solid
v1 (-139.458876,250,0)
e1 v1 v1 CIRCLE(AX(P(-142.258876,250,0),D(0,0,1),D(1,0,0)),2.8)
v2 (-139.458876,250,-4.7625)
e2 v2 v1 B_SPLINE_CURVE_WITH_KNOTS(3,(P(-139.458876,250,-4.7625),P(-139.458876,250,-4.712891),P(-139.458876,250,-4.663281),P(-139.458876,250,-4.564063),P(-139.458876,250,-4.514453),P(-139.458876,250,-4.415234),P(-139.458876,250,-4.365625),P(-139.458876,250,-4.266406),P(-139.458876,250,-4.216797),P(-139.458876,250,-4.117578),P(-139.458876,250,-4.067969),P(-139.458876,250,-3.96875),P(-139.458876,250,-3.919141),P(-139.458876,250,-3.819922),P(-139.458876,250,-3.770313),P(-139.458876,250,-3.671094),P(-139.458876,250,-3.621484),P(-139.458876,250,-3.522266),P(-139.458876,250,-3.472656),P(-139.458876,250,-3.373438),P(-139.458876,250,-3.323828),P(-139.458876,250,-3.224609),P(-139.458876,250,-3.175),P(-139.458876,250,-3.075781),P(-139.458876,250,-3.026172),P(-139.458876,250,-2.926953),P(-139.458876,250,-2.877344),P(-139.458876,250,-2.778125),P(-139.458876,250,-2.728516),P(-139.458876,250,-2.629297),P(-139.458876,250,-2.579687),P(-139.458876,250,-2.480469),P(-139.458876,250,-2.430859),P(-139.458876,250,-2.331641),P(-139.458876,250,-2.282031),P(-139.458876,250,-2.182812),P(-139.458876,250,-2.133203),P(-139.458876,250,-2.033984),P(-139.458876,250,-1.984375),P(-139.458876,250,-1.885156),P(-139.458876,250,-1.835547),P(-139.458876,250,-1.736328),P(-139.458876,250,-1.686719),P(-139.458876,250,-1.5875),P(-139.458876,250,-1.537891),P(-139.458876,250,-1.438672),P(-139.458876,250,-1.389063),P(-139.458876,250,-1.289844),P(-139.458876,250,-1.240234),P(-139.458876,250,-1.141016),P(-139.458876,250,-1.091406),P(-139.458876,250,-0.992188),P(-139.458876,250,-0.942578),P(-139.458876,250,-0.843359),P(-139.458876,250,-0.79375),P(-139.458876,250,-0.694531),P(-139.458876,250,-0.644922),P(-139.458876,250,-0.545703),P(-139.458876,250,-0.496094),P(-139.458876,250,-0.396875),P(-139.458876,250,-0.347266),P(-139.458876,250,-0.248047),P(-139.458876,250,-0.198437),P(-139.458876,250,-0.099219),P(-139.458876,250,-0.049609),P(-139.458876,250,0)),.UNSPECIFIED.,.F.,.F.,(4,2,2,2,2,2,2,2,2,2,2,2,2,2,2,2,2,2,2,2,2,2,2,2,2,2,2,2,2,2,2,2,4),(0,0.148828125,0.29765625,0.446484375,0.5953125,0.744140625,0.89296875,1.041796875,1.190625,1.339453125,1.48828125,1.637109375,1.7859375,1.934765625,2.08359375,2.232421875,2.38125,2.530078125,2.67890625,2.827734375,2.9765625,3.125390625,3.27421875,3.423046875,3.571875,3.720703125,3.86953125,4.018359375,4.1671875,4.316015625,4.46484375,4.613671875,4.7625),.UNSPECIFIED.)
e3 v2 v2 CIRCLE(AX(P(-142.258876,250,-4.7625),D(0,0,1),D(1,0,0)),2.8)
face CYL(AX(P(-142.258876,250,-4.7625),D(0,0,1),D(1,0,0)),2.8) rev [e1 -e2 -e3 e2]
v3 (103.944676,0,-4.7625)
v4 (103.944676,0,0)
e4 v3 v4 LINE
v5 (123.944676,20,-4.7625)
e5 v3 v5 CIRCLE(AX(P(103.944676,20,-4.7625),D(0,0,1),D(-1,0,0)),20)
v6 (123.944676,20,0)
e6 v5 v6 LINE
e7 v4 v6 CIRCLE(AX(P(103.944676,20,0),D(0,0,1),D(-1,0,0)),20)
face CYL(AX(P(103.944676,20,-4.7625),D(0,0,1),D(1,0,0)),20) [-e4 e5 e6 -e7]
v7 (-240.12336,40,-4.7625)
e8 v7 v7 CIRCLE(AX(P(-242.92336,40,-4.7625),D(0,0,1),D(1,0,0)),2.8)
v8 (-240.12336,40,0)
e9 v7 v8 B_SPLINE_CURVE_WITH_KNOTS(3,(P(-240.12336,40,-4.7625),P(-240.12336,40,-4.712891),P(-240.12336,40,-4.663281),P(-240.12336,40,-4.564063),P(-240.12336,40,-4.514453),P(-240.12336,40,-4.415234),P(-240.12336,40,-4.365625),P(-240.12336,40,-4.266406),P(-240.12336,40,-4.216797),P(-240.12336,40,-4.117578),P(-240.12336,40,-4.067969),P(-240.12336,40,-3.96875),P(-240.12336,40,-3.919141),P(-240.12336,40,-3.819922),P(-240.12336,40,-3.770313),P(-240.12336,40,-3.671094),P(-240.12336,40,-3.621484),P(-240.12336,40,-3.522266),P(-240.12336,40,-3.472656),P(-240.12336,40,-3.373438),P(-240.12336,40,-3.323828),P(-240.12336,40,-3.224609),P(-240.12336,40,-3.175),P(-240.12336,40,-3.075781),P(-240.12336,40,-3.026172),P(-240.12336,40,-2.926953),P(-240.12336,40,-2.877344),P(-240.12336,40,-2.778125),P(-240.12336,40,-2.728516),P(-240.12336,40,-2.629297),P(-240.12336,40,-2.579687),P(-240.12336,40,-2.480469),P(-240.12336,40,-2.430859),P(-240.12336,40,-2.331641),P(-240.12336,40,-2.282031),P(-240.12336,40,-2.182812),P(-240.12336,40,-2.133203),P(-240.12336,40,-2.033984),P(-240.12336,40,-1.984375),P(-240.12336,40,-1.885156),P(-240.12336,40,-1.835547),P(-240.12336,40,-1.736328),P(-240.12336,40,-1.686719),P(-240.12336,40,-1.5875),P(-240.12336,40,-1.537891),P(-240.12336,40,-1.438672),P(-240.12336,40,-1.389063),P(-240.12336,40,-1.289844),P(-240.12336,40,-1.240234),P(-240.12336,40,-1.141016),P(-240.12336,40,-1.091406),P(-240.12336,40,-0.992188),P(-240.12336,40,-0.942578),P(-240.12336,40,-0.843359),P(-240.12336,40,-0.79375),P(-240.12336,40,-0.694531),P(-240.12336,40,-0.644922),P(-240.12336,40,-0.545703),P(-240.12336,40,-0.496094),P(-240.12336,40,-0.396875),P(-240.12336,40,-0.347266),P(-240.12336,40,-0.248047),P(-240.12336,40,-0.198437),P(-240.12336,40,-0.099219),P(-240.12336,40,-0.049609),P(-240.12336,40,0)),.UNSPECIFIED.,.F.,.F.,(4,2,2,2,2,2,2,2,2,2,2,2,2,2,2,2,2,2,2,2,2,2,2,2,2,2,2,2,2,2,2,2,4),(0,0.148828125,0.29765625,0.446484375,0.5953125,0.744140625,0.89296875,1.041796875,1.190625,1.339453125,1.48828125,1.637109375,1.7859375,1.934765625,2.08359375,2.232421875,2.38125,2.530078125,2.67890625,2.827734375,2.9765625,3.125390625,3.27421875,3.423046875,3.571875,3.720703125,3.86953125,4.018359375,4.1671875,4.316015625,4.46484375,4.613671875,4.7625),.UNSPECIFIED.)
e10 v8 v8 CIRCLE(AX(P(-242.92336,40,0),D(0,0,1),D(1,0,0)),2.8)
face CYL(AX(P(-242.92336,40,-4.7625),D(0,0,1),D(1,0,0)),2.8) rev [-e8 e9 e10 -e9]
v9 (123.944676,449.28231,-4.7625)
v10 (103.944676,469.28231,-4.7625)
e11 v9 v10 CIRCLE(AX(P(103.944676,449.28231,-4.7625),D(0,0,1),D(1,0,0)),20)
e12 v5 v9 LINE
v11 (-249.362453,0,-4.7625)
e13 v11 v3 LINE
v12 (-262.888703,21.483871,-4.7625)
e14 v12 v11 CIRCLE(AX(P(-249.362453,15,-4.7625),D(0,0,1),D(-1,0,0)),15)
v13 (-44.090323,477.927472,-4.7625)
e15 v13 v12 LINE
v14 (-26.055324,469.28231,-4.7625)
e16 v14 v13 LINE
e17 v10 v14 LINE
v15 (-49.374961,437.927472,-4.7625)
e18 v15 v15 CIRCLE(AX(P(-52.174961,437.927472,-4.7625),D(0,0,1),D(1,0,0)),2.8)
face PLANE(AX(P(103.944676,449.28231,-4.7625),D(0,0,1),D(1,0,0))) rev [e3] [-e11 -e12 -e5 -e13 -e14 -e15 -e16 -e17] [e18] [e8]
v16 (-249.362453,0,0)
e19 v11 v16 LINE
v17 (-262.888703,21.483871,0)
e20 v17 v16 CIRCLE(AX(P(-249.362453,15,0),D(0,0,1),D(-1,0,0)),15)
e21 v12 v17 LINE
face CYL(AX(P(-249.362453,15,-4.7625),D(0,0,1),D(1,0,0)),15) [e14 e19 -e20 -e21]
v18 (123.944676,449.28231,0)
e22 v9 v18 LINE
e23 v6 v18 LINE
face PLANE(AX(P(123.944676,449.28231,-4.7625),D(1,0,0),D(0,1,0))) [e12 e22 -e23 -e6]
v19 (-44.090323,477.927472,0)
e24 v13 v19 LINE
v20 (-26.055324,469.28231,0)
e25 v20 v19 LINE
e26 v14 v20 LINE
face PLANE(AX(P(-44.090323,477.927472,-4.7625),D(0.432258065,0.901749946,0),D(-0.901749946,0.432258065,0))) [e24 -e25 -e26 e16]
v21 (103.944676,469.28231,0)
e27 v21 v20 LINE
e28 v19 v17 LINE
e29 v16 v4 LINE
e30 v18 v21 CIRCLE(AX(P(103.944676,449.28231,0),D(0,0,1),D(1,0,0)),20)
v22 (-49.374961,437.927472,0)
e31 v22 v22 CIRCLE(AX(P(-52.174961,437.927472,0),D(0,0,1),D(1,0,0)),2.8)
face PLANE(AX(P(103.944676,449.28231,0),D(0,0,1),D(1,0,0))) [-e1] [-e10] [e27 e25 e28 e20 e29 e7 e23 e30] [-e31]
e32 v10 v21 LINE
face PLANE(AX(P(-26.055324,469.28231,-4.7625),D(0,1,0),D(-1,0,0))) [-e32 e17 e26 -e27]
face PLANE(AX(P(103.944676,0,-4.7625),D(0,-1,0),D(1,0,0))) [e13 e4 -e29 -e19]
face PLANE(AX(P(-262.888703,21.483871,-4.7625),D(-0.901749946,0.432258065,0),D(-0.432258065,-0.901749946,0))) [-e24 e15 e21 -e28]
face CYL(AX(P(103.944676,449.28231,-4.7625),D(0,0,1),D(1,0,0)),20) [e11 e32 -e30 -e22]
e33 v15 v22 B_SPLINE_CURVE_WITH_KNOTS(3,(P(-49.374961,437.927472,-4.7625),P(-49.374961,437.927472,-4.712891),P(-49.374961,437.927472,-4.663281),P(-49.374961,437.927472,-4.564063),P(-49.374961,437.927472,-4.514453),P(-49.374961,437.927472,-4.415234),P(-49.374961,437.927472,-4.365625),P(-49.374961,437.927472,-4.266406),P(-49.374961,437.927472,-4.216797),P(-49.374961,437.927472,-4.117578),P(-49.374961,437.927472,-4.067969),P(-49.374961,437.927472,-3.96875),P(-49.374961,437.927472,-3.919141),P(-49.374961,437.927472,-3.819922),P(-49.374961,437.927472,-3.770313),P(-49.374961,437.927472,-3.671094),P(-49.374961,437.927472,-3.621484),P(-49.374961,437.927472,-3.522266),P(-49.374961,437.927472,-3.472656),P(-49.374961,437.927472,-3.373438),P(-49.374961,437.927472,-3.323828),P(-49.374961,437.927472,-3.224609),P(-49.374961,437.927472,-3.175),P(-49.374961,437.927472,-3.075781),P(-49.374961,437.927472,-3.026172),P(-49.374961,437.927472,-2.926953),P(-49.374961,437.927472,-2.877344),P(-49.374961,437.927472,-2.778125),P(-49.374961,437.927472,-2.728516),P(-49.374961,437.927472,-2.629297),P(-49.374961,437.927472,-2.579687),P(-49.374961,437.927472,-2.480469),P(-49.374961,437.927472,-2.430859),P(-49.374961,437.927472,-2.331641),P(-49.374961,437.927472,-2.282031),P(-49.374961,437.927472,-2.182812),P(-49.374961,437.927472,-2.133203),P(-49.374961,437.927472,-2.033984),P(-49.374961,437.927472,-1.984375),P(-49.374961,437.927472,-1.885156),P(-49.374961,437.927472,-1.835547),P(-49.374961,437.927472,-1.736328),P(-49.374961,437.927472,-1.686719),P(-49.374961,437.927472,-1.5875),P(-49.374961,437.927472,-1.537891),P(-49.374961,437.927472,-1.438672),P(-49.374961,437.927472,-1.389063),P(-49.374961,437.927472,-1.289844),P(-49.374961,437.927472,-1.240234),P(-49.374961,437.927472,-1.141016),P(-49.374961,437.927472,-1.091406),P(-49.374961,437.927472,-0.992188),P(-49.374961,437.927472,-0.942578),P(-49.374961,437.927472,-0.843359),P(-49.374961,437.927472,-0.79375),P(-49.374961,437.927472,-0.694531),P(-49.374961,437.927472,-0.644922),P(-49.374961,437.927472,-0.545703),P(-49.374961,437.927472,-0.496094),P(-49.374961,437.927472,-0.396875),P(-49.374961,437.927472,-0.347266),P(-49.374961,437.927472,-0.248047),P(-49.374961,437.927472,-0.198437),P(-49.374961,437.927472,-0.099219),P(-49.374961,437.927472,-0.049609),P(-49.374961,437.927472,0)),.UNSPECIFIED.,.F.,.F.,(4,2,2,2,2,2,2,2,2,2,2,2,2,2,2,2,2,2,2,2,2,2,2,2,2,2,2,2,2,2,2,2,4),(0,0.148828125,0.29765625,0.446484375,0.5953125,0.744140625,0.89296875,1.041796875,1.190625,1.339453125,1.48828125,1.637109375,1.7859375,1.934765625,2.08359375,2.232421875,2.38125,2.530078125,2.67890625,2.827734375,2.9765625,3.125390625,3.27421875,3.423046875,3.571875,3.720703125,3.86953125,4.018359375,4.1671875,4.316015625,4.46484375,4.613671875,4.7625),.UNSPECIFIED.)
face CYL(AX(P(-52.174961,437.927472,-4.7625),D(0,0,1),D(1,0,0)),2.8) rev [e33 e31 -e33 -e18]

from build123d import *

# Parameters (mm, degrees)
SKETCH1_R           = 2.8
BOSS_EXTRUDE1_DEPTH = 4.7625


with BuildPart() as part:
    # Sketch1 → Boss-Extrude1 (new body)
    with BuildSketch(Plane.XY):
        with BuildLine():
            Line((103.944676345, 0), (-249.362453306, 0))
            ThreePointArc((-249.362453306, 0), (-262.056114412, 7.008068585), (-262.888702501, 21.483870968))
            Line((-262.888702501, 21.483870968), (-44.090322581, 477.927471542))
            Line((-44.090322581, 477.927471542), (-26.055323655, 469.282310251))
            Line((-26.055323655, 469.282310251), (103.944676345, 469.282310251))
            ThreePointArc((103.944676345, 469.282310251), (118.086811969, 463.424445875), (123.944676345, 449.282310251))
            Line((123.944676345, 449.282310251), (123.944676345, 20))
            ThreePointArc((123.944676345, 20), (118.086811969, 5.857864376), (103.944676345, 0))
        make_face()
        with Locations((-52.174961355, 437.927471542)):
            Circle(SKETCH1_R, mode=Mode.SUBTRACT)
        with Locations((-142.258875916, 250)):
            Circle(SKETCH1_R, mode=Mode.SUBTRACT)
        with Locations((-242.923360477, 40)):
            Circle(SKETCH1_R, mode=Mode.SUBTRACT)
    extrude(amount=-BOSS_EXTRUDE1_DEPTH)


solid = part.part
